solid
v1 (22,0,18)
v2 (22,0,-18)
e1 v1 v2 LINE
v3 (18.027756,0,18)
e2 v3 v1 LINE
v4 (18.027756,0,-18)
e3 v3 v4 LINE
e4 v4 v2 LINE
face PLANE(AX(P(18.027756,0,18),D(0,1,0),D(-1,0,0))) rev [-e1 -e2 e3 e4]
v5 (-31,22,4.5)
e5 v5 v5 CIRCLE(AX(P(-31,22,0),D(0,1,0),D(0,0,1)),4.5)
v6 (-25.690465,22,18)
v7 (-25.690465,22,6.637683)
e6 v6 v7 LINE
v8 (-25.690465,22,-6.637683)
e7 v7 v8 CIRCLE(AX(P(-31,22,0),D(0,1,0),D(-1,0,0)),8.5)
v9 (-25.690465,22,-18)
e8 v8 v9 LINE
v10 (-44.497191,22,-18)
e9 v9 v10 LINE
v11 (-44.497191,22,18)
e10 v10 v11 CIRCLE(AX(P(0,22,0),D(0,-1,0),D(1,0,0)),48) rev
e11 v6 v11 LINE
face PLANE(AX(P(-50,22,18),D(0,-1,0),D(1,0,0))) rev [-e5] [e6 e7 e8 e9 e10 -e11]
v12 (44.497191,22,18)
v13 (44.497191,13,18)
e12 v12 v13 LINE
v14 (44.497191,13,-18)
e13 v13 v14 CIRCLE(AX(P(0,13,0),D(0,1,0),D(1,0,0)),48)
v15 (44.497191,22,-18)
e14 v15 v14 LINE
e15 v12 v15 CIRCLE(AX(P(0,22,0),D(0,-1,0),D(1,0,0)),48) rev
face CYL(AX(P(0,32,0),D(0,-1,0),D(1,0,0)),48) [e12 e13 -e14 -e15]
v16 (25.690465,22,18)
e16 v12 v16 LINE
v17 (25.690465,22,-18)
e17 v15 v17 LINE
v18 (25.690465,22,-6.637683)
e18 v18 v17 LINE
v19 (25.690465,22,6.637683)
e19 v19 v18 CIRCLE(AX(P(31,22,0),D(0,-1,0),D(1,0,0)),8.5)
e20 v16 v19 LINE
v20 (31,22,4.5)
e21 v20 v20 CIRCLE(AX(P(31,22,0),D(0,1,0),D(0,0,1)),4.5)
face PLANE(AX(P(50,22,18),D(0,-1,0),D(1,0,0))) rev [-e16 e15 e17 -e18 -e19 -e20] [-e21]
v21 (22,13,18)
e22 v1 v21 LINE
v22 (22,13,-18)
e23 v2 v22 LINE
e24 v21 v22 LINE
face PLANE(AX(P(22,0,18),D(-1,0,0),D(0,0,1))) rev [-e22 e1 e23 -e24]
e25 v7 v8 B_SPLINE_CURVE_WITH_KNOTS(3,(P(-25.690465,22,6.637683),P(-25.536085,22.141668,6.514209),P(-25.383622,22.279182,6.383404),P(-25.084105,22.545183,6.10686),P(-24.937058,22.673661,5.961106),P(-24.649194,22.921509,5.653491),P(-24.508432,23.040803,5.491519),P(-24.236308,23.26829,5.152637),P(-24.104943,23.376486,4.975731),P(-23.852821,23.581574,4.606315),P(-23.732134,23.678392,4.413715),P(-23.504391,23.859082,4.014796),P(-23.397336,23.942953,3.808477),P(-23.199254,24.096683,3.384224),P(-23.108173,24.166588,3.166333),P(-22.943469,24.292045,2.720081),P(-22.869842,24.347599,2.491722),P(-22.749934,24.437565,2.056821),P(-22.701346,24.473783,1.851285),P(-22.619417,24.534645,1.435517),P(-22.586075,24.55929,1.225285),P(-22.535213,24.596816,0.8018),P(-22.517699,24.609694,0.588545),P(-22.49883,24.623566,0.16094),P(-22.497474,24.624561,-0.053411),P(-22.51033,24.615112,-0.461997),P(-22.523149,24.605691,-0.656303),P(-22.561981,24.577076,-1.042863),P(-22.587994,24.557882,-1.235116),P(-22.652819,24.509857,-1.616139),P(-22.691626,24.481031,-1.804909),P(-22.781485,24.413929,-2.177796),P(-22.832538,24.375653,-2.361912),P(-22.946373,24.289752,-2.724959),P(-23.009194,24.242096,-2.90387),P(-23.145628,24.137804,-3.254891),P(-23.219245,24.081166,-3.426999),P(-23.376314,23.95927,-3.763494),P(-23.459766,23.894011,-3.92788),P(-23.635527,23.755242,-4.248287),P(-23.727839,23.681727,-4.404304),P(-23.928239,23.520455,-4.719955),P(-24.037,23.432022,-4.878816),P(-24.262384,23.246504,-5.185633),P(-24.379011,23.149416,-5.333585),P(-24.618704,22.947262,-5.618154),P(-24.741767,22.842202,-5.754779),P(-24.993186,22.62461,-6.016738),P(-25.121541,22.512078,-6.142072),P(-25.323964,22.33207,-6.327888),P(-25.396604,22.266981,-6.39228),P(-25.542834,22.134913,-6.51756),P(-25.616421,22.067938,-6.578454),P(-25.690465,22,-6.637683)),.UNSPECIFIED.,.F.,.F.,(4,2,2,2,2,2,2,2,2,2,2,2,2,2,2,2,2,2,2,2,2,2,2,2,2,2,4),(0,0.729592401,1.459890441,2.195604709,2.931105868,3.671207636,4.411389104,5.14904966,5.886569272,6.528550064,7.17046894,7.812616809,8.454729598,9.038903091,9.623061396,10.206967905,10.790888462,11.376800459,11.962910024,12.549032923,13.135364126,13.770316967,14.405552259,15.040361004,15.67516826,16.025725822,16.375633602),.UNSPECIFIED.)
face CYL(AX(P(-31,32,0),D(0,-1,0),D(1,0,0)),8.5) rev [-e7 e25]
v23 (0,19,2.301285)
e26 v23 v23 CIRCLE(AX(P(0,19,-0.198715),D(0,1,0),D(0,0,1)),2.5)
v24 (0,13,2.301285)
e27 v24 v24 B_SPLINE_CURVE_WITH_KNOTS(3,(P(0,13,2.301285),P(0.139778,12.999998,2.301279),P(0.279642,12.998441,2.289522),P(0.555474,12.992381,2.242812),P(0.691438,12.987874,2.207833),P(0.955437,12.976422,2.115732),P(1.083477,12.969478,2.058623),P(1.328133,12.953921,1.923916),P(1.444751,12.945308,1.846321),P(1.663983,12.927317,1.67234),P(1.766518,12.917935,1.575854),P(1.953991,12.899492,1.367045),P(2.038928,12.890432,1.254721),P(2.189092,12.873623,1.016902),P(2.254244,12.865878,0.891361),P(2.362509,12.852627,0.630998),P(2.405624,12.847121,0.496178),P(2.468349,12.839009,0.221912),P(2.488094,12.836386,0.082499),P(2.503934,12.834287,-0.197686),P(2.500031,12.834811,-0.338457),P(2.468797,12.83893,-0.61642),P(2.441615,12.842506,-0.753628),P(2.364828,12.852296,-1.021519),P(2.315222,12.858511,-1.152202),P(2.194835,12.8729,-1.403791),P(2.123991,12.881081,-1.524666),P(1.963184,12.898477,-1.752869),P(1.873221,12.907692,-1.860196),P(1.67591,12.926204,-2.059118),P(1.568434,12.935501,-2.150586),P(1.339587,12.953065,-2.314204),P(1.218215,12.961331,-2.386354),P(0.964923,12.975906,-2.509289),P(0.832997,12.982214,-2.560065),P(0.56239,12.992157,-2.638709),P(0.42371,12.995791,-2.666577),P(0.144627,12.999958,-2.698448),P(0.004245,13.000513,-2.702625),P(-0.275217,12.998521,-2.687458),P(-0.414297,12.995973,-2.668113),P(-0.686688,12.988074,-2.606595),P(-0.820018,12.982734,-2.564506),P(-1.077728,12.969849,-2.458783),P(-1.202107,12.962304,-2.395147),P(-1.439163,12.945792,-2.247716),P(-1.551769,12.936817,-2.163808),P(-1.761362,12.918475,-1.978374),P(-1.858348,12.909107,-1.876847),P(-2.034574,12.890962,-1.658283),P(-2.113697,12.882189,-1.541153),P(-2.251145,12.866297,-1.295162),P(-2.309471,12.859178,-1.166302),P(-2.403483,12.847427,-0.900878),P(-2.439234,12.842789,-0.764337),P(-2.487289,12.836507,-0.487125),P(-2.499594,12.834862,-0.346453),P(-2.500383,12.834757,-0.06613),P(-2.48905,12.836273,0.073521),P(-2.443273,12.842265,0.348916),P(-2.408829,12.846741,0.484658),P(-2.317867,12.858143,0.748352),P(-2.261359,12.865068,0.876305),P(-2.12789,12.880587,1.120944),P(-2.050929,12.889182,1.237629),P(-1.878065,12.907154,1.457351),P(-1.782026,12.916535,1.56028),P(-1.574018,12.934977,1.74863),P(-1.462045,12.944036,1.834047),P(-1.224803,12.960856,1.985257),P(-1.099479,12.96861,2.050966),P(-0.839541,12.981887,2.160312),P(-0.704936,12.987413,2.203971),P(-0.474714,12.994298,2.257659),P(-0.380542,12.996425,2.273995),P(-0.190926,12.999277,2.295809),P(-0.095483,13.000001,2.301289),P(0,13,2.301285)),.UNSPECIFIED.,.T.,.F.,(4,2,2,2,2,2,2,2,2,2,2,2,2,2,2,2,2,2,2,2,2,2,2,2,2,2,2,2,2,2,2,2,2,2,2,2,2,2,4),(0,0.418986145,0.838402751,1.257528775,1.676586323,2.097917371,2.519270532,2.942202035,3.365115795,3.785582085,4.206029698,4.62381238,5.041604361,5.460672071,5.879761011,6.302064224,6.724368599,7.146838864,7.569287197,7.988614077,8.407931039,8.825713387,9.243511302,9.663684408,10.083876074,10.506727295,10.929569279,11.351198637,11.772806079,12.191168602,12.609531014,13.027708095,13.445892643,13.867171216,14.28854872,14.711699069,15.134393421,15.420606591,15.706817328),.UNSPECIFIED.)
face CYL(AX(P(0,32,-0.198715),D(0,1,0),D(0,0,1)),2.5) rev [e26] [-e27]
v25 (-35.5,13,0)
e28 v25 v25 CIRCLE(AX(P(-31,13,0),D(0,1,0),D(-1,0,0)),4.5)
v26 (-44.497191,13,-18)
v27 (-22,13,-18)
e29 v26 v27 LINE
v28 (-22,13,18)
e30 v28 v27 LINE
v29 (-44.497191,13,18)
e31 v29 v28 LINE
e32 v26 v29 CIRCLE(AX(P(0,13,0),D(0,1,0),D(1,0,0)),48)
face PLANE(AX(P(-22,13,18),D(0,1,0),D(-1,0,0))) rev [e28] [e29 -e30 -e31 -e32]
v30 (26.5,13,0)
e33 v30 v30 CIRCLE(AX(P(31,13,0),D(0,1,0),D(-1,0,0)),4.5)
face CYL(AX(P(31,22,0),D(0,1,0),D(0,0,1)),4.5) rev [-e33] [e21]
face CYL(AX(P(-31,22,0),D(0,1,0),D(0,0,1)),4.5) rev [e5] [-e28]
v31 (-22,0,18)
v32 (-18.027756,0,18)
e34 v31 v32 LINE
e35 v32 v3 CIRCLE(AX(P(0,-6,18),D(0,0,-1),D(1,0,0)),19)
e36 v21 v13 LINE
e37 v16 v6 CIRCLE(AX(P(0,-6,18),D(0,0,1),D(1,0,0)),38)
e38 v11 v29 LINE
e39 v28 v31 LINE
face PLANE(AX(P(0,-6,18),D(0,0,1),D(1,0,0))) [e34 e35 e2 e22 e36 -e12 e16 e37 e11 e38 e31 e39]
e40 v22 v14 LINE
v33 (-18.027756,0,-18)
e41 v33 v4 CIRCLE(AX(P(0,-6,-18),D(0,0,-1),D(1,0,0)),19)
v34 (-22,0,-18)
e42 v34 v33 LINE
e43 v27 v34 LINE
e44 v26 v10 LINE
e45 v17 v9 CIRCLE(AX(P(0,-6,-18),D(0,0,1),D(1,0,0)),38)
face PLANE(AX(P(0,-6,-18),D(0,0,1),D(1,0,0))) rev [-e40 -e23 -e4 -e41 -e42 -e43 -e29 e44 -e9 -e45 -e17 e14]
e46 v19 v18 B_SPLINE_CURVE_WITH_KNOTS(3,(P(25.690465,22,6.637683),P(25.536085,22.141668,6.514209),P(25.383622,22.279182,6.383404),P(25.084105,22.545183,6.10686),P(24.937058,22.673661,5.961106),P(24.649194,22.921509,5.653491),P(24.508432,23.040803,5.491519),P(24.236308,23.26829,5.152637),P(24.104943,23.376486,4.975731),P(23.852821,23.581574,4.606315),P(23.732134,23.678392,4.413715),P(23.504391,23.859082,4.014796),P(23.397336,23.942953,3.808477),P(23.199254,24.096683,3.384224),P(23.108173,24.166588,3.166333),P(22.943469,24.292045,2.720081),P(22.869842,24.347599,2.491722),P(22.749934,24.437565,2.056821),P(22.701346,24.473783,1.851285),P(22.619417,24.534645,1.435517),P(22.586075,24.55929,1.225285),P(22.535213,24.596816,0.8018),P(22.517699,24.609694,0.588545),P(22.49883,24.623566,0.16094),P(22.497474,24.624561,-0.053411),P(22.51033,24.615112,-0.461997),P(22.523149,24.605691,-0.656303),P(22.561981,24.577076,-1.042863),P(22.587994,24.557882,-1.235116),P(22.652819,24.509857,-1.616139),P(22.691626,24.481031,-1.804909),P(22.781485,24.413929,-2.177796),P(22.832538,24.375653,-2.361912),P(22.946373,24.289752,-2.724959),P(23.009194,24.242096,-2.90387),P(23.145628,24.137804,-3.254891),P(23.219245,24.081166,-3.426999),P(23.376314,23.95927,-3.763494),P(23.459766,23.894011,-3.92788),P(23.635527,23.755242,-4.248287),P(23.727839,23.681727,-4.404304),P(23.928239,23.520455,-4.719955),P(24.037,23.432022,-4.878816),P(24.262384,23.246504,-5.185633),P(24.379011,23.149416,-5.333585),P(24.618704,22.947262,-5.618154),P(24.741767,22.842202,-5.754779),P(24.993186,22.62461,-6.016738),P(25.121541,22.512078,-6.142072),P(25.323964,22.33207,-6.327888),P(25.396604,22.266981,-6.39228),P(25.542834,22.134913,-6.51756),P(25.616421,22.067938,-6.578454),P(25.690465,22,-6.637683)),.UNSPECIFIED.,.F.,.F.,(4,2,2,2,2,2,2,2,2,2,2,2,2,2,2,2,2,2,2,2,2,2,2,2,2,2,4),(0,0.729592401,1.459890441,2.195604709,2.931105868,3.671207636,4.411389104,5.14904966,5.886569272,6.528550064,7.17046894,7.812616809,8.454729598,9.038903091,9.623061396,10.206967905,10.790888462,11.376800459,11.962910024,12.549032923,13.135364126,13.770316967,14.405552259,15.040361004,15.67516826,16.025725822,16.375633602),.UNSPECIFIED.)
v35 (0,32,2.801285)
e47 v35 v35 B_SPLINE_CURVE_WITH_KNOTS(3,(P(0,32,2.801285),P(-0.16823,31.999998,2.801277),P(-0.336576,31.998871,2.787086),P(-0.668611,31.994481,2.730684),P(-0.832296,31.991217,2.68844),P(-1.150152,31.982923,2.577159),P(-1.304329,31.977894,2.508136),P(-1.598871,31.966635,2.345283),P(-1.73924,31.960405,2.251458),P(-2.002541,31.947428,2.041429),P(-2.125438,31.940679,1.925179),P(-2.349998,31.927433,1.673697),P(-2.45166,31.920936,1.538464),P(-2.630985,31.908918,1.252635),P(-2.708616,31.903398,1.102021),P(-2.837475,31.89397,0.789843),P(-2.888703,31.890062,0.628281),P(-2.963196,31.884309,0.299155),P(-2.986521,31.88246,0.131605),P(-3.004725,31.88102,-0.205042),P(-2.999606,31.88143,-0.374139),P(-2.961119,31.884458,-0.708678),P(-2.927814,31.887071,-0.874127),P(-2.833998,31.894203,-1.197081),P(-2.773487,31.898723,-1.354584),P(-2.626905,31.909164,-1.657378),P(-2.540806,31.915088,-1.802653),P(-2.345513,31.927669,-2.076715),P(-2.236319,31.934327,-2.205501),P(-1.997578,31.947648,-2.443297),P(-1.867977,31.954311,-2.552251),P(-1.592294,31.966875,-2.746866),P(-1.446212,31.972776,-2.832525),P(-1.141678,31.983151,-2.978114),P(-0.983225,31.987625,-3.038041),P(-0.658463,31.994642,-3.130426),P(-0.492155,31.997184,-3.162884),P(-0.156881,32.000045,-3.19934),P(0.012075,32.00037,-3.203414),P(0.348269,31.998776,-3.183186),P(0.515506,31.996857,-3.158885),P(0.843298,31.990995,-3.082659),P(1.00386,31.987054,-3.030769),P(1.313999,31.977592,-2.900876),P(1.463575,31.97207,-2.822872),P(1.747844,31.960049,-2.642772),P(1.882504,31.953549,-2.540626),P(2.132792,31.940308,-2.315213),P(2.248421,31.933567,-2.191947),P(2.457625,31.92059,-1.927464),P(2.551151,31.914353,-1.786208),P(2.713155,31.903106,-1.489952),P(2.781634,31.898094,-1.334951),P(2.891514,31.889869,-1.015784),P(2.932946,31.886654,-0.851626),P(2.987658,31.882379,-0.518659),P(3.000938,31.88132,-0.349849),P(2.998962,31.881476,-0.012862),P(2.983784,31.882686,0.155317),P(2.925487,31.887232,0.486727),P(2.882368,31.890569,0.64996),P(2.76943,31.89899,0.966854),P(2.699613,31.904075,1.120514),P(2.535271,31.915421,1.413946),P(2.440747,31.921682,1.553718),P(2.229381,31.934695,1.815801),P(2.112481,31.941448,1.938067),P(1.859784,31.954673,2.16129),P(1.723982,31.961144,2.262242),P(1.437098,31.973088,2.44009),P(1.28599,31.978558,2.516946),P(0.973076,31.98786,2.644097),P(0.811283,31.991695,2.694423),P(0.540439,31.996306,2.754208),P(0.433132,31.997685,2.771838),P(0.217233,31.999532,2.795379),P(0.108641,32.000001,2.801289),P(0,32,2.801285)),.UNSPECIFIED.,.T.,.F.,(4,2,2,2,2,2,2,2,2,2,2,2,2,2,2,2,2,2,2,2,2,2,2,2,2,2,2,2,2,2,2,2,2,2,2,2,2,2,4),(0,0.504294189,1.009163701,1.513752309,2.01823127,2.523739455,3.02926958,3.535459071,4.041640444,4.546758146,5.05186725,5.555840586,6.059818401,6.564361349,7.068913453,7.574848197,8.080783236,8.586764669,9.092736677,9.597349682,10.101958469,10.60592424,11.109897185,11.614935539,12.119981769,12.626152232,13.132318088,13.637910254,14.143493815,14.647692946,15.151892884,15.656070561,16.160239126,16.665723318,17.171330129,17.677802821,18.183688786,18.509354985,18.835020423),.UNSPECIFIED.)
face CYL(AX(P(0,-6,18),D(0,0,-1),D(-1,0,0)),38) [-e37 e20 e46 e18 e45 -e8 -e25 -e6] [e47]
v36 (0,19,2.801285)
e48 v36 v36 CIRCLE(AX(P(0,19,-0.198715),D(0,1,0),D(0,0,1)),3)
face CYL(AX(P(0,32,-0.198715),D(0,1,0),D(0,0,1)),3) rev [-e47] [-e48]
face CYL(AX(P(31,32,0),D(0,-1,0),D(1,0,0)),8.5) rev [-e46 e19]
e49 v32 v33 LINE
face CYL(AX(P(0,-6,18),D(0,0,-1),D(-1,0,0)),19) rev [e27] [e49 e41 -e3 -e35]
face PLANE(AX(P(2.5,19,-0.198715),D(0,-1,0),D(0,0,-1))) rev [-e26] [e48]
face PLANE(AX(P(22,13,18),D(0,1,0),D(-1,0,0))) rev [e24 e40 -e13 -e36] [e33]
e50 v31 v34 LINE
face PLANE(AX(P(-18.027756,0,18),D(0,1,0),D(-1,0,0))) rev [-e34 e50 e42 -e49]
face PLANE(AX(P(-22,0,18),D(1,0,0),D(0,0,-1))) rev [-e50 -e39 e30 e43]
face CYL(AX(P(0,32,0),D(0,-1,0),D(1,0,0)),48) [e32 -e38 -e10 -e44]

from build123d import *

# Parameters (mm, degrees)
BOSS_EXTRUDE1_DEPTH                     = 18
F_10_0MM_DOWEL_HOLE4_D                  = 9
CBORE_FOR_M5_HEX_HEAD_BOLT1_D           = 5
CBORE_FOR_M5_HEX_HEAD_BOLT1_CBORE_D     = 6
CBORE_FOR_M5_HEX_HEAD_BOLT1_CBORE_DEPTH = 13
CUT_EXTRUDE1_DEPTH                      = 20.0000001
CUT_EXTRUDE7_DEPTH                      = 10


with BuildPart() as part:
    # Sketch1 → Boss-Extrude1 (new body, symmetric)
    with BuildSketch(Plane.XY):
        with BuildLine():
            Line((22, 0), (22, 13))
            Line((22, 13), (50, 13))
            Line((50, 13), (50, 22))
            Line((50, 22), (25.690465157, 22))
            ThreePointArc((25.690465157, 22), (0, 32), (-25.690465157, 22))
            Line((-25.690465157, 22), (-50, 22))
            Line((-50, 22), (-50, 13))
            Line((-50, 13), (-22, 13))
            Line((-22, 13), (-22, 0))
            Line((-22, 0), (-18.027756377, 0))
            ThreePointArc((-18.027756377, 0), (0, 13), (18.027756377, 0))
            Line((18.027756377, 0), (22, 0))
        make_face()
    extrude(amount=BOSS_EXTRUDE1_DEPTH, both=True)

    # Ø10.0mm Dowel Hole4 (through all)
    with Locations(Plane(origin=(0, 22, 0), x_dir=(1, 0, 0), z_dir=(0, 1, 0))):
        with Locations((-31, 0)):
            f_10_0mm_dowel_hole4 = Hole(F_10_0MM_DOWEL_HOLE4_D / 2)

    # Mirror1: Ø10.0mm Dowel Hole4 across plane
    add(f_10_0mm_dowel_hole4.mirror(Plane(origin=(0, 0, 0), x_dir=(0, 0, 1), z_dir=(1, 0, 0))), mode=Mode.SUBTRACT)

    # CBORE for M5 Hex Head Bolt1 (through all)
    with Locations(Plane(origin=(0, 32, -0.198715446), x_dir=(1, 0, 0), z_dir=(0, 1, 0))):
        with Locations((0, 0)):
            CounterBoreHole(CBORE_FOR_M5_HEX_HEAD_BOLT1_D / 2, CBORE_FOR_M5_HEX_HEAD_BOLT1_CBORE_D / 2, CBORE_FOR_M5_HEX_HEAD_BOLT1_CBORE_DEPTH)

    # Sketch14 → Cut-Extrude1 (cut, through all)
    with BuildSketch(Plane.XZ.offset(-13)):
        with BuildLine():
            Line((-44.497190923, 18), (-50, 18))
            Line((-50, 18), (-50, -18))
            Line((-50, -18), (-44.359802254, -18.335974039))
            ThreePointArc((-44.359802254, -18.335974039), (-47.999656889, -0.181489808), (-44.497190923, 18))
        make_face()
        with BuildLine():
            Line((44.497190923, 18), (50, 18))
            Line((50, 18), (50, -18))
            Line((50, -18), (44.497190923, -18))
            ThreePointArc((44.497190923, -18), (48, 0), (44.497190923, 18))
        make_face()
    extrude(amount=-CUT_EXTRUDE1_DEPTH, mode=Mode.SUBTRACT)

    # Sketch17 → Cut-Extrude7 (cut)
    with BuildSketch(Plane(origin=(0, 22, 0), x_dir=(1, 0, 0), z_dir=(0, 1, 0))):
        with BuildLine():
            Line((-25.690465157, -6.637683312), (-25.690465157, 6.637683312))
            ThreePointArc((-25.690465157, 6.637683312), (-22.5, 0), (-25.690465157, -6.637683312))
        make_face()
    cut_extrude7 = extrude(amount=CUT_EXTRUDE7_DEPTH, mode=Mode.SUBTRACT)

    # Mirror3: Cut-Extrude7 across plane
    add(cut_extrude7.mirror(Plane(origin=(0, 0, 0), x_dir=(0, 0, 1), z_dir=(1, 0, 0))), mode=Mode.SUBTRACT)


solid = part.part
